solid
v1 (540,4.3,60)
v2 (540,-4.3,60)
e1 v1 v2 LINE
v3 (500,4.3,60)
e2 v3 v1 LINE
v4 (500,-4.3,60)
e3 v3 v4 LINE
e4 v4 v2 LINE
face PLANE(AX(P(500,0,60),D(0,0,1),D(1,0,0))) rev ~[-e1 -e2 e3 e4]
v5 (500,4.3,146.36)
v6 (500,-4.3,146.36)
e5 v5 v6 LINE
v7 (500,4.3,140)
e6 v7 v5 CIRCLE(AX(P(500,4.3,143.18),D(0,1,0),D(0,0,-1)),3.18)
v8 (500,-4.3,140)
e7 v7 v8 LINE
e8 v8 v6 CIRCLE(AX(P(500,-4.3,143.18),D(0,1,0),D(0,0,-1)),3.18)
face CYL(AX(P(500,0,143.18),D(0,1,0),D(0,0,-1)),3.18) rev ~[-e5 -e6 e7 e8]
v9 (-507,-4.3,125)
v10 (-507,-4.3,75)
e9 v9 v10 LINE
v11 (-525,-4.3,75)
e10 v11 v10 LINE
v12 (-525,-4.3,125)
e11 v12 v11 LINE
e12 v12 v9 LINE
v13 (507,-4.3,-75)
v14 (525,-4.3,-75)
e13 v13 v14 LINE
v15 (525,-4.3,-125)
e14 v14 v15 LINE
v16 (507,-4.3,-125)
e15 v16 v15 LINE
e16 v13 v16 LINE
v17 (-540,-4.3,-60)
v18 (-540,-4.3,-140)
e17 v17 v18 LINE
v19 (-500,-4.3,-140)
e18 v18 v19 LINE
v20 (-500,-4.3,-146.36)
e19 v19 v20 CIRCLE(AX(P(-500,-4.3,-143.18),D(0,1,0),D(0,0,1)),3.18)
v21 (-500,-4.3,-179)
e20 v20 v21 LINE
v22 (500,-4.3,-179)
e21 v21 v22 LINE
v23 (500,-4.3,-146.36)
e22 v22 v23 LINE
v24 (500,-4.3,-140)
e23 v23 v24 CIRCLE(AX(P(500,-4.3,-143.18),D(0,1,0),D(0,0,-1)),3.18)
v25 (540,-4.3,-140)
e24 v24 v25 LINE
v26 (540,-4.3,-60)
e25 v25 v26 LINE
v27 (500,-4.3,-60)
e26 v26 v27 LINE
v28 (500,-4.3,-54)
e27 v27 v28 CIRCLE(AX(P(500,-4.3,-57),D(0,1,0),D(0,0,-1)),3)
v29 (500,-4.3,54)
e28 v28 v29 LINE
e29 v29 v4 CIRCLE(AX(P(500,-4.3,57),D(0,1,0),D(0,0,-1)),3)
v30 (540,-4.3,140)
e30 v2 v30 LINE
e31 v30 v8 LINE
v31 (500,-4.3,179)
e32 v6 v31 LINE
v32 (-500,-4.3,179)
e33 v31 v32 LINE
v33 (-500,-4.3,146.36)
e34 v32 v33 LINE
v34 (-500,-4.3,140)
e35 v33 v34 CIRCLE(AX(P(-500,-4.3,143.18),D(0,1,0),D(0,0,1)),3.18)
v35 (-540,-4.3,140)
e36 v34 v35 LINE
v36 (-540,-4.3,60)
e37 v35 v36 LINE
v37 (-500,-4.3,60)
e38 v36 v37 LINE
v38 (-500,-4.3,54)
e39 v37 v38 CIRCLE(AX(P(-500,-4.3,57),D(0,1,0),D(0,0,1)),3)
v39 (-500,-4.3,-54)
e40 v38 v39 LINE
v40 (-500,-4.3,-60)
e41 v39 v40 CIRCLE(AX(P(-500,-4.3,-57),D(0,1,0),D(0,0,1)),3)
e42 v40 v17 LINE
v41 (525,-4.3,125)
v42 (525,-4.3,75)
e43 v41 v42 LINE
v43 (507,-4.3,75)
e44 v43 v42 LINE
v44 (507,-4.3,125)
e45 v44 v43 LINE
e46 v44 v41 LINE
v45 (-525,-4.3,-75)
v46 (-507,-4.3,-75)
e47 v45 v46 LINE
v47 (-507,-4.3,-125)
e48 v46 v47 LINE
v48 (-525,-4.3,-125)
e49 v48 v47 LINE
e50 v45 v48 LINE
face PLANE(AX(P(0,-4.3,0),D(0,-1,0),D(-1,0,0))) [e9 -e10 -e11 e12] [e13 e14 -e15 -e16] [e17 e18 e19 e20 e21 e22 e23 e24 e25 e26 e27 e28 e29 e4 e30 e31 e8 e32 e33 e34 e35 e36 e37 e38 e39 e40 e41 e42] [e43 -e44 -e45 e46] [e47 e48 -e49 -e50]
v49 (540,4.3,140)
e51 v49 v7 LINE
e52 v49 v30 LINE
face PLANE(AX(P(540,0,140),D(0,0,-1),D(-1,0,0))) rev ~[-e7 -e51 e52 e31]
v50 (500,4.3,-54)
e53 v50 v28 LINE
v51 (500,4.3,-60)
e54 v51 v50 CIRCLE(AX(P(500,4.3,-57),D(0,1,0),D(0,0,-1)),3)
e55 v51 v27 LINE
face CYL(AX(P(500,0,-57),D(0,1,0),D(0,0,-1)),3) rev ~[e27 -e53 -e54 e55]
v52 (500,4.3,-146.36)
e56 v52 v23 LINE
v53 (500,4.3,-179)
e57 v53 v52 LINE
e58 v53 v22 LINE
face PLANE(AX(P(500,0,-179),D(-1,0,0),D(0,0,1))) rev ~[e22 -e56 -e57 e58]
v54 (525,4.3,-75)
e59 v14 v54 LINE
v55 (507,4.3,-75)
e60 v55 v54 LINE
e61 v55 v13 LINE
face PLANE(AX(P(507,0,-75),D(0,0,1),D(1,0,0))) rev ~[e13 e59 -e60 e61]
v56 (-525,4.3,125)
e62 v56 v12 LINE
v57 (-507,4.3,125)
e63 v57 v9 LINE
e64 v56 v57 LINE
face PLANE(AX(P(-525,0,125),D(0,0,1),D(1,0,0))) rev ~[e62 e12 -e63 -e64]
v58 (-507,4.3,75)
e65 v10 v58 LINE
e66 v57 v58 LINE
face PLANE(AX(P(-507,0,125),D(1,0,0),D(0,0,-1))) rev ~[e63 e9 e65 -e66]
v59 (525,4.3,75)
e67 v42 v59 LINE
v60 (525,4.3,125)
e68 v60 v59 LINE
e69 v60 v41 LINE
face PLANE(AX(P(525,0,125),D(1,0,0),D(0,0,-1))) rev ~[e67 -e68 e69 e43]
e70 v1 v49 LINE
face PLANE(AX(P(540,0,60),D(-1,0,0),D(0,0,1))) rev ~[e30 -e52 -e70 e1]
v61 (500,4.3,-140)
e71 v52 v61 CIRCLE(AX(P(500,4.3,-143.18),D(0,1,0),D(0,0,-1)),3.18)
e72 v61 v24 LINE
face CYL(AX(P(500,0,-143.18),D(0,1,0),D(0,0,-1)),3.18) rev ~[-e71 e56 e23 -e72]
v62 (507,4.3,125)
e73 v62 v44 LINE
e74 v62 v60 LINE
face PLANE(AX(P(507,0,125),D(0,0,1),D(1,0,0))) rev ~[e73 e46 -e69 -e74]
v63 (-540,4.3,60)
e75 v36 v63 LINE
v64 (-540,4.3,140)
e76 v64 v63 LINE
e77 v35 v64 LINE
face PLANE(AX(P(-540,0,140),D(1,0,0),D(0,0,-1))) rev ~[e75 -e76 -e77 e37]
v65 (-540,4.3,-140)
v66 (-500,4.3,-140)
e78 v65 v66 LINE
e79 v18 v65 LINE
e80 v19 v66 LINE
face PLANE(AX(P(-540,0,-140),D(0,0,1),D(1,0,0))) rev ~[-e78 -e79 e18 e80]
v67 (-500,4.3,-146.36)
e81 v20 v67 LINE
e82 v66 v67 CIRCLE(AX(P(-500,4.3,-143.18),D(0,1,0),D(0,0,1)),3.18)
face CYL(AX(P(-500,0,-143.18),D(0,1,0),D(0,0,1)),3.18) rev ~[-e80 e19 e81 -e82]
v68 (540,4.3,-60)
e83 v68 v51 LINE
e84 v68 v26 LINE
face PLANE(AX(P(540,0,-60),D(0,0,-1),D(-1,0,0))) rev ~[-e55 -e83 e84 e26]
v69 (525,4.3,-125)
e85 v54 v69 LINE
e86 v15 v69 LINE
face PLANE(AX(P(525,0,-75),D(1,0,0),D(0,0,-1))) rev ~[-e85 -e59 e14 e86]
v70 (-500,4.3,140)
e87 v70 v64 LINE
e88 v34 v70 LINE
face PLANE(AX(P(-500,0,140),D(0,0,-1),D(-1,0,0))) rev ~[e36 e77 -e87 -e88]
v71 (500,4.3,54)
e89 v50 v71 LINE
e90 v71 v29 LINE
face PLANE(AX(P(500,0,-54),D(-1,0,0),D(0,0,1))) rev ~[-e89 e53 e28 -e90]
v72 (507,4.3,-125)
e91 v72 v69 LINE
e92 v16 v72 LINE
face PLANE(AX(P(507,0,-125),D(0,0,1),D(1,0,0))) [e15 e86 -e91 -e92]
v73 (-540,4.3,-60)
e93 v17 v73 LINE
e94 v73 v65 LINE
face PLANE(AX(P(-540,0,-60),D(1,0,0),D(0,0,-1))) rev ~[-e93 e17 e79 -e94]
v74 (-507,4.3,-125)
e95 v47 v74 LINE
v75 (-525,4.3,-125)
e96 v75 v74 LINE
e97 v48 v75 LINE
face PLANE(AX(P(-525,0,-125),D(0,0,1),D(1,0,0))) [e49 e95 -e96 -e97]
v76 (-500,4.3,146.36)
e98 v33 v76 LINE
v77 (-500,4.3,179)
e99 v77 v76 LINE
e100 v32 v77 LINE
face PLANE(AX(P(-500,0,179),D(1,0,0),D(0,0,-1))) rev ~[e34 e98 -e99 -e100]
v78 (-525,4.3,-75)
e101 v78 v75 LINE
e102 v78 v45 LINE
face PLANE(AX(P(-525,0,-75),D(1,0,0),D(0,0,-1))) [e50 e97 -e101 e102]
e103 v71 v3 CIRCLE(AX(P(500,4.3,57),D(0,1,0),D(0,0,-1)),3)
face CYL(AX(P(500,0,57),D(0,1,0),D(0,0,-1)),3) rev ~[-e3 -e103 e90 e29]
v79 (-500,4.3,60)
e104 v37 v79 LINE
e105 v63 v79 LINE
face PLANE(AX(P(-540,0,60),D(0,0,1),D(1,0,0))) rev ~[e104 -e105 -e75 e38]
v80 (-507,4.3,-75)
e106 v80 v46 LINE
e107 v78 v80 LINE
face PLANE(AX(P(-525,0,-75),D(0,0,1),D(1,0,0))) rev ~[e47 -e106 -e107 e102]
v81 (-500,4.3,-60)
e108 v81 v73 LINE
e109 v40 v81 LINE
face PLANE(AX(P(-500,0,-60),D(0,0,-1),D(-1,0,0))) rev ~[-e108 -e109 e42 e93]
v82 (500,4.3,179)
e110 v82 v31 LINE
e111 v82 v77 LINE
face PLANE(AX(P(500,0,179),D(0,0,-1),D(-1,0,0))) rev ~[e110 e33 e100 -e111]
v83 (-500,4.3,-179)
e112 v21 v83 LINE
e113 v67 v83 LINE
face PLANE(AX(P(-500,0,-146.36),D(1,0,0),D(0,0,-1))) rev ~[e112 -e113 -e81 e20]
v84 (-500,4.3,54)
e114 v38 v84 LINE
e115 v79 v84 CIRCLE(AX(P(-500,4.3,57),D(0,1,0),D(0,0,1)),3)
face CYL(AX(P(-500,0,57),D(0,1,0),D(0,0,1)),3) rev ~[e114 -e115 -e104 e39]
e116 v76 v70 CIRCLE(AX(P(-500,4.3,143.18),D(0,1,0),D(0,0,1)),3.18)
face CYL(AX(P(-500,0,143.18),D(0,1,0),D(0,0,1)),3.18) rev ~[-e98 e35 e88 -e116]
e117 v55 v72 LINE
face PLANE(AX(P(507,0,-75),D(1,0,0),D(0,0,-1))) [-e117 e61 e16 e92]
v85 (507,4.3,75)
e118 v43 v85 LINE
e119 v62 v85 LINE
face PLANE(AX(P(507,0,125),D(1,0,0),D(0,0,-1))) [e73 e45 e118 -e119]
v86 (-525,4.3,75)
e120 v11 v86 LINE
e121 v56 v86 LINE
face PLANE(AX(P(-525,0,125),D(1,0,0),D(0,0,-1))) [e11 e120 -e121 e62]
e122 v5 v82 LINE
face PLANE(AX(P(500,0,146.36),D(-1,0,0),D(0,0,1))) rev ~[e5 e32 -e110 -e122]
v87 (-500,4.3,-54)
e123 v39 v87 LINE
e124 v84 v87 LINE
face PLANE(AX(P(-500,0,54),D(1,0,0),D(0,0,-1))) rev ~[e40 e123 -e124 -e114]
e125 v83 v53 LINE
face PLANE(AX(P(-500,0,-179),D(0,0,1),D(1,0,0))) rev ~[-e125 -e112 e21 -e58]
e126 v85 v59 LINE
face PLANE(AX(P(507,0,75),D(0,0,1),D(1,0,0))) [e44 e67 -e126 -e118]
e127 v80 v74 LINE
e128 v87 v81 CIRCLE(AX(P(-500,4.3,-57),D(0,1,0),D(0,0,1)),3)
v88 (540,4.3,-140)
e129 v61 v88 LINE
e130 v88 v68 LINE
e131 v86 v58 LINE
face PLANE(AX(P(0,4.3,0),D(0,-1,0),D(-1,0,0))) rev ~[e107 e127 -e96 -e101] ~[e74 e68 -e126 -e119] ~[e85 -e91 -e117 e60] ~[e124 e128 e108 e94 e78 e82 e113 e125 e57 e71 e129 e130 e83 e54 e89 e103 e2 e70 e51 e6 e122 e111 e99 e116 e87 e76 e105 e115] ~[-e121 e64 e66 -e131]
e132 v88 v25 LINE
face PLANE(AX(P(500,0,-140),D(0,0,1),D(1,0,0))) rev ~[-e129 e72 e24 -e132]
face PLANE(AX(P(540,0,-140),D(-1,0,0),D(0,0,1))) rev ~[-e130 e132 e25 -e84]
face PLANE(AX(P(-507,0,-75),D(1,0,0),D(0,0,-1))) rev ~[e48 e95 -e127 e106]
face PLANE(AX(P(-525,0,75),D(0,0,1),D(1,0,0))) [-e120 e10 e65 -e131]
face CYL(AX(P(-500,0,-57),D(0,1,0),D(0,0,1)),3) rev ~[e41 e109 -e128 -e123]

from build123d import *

# Parameters (mm, degrees)
SKETCH1_W           = 18
SKETCH1_H           = 50
BOSS_EXTRUDE1_DEPTH = 4.3


with BuildPart() as part:
    # Sketch1 → Boss-Extrude1 (new body, symmetric)
    with BuildSketch(Plane(origin=(0, 0, 0), x_dir=(1, 0, 0), z_dir=(0, 1, 0))):
        with BuildLine():
            Line((-500, 179), (500, 179))
            Line((500, 179), (500, 146.36))
            ThreePointArc((500, 146.36), (496.82, 143.18), (500, 140))
            Line((500, 140), (540, 140))
            Line((540, 140), (540, 60))
            Line((540, 60), (500, 60))
            ThreePointArc((500, 60), (497, 57), (500, 54))
            Line((500, 54), (500, -54))
            ThreePointArc((500, -54), (497, -57), (500, -60))
            Line((500, -60), (540, -60))
            Line((540, -60), (540, -140))
            Line((540, -140), (500, -140))
            ThreePointArc((500, -140), (496.82, -143.18), (500, -146.36))
            Line((500, -146.36), (500, -179))
            Line((500, -179), (-500, -179))
            Line((-500, -179), (-500, -146.36))
            ThreePointArc((-500, -146.36), (-496.82, -143.18), (-500, -140))
            Line((-500, -140), (-540, -140))
            Line((-540, -140), (-540, -60))
            Line((-540, -60), (-500, -60))
            ThreePointArc((-500, -60), (-497, -57), (-500, -54))
            Line((-500, -54), (-500, 54))
            ThreePointArc((-500, 54), (-497, 57), (-500, 60))
            Line((-500, 60), (-540, 60))
            Line((-540, 60), (-540, 140))
            Line((-540, 140), (-500, 140))
            ThreePointArc((-500, 140), (-496.82, 143.18), (-500, 146.36))
            Line((-500, 146.36), (-500, 179))
        make_face()
        with Locations((-516, 100)):
            Rectangle(SKETCH1_W, SKETCH1_H, mode=Mode.SUBTRACT)
        with Locations((-516, -100)):
            Rectangle(SKETCH1_W, SKETCH1_H, mode=Mode.SUBTRACT)
        with Locations((516, -100)):
            Rectangle(SKETCH1_W, SKETCH1_H, mode=Mode.SUBTRACT)
        with Locations((516, 100)):
            Rectangle(SKETCH1_W, SKETCH1_H, mode=Mode.SUBTRACT)
    extrude(amount=BOSS_EXTRUDE1_DEPTH, both=True)


solid = part.part
